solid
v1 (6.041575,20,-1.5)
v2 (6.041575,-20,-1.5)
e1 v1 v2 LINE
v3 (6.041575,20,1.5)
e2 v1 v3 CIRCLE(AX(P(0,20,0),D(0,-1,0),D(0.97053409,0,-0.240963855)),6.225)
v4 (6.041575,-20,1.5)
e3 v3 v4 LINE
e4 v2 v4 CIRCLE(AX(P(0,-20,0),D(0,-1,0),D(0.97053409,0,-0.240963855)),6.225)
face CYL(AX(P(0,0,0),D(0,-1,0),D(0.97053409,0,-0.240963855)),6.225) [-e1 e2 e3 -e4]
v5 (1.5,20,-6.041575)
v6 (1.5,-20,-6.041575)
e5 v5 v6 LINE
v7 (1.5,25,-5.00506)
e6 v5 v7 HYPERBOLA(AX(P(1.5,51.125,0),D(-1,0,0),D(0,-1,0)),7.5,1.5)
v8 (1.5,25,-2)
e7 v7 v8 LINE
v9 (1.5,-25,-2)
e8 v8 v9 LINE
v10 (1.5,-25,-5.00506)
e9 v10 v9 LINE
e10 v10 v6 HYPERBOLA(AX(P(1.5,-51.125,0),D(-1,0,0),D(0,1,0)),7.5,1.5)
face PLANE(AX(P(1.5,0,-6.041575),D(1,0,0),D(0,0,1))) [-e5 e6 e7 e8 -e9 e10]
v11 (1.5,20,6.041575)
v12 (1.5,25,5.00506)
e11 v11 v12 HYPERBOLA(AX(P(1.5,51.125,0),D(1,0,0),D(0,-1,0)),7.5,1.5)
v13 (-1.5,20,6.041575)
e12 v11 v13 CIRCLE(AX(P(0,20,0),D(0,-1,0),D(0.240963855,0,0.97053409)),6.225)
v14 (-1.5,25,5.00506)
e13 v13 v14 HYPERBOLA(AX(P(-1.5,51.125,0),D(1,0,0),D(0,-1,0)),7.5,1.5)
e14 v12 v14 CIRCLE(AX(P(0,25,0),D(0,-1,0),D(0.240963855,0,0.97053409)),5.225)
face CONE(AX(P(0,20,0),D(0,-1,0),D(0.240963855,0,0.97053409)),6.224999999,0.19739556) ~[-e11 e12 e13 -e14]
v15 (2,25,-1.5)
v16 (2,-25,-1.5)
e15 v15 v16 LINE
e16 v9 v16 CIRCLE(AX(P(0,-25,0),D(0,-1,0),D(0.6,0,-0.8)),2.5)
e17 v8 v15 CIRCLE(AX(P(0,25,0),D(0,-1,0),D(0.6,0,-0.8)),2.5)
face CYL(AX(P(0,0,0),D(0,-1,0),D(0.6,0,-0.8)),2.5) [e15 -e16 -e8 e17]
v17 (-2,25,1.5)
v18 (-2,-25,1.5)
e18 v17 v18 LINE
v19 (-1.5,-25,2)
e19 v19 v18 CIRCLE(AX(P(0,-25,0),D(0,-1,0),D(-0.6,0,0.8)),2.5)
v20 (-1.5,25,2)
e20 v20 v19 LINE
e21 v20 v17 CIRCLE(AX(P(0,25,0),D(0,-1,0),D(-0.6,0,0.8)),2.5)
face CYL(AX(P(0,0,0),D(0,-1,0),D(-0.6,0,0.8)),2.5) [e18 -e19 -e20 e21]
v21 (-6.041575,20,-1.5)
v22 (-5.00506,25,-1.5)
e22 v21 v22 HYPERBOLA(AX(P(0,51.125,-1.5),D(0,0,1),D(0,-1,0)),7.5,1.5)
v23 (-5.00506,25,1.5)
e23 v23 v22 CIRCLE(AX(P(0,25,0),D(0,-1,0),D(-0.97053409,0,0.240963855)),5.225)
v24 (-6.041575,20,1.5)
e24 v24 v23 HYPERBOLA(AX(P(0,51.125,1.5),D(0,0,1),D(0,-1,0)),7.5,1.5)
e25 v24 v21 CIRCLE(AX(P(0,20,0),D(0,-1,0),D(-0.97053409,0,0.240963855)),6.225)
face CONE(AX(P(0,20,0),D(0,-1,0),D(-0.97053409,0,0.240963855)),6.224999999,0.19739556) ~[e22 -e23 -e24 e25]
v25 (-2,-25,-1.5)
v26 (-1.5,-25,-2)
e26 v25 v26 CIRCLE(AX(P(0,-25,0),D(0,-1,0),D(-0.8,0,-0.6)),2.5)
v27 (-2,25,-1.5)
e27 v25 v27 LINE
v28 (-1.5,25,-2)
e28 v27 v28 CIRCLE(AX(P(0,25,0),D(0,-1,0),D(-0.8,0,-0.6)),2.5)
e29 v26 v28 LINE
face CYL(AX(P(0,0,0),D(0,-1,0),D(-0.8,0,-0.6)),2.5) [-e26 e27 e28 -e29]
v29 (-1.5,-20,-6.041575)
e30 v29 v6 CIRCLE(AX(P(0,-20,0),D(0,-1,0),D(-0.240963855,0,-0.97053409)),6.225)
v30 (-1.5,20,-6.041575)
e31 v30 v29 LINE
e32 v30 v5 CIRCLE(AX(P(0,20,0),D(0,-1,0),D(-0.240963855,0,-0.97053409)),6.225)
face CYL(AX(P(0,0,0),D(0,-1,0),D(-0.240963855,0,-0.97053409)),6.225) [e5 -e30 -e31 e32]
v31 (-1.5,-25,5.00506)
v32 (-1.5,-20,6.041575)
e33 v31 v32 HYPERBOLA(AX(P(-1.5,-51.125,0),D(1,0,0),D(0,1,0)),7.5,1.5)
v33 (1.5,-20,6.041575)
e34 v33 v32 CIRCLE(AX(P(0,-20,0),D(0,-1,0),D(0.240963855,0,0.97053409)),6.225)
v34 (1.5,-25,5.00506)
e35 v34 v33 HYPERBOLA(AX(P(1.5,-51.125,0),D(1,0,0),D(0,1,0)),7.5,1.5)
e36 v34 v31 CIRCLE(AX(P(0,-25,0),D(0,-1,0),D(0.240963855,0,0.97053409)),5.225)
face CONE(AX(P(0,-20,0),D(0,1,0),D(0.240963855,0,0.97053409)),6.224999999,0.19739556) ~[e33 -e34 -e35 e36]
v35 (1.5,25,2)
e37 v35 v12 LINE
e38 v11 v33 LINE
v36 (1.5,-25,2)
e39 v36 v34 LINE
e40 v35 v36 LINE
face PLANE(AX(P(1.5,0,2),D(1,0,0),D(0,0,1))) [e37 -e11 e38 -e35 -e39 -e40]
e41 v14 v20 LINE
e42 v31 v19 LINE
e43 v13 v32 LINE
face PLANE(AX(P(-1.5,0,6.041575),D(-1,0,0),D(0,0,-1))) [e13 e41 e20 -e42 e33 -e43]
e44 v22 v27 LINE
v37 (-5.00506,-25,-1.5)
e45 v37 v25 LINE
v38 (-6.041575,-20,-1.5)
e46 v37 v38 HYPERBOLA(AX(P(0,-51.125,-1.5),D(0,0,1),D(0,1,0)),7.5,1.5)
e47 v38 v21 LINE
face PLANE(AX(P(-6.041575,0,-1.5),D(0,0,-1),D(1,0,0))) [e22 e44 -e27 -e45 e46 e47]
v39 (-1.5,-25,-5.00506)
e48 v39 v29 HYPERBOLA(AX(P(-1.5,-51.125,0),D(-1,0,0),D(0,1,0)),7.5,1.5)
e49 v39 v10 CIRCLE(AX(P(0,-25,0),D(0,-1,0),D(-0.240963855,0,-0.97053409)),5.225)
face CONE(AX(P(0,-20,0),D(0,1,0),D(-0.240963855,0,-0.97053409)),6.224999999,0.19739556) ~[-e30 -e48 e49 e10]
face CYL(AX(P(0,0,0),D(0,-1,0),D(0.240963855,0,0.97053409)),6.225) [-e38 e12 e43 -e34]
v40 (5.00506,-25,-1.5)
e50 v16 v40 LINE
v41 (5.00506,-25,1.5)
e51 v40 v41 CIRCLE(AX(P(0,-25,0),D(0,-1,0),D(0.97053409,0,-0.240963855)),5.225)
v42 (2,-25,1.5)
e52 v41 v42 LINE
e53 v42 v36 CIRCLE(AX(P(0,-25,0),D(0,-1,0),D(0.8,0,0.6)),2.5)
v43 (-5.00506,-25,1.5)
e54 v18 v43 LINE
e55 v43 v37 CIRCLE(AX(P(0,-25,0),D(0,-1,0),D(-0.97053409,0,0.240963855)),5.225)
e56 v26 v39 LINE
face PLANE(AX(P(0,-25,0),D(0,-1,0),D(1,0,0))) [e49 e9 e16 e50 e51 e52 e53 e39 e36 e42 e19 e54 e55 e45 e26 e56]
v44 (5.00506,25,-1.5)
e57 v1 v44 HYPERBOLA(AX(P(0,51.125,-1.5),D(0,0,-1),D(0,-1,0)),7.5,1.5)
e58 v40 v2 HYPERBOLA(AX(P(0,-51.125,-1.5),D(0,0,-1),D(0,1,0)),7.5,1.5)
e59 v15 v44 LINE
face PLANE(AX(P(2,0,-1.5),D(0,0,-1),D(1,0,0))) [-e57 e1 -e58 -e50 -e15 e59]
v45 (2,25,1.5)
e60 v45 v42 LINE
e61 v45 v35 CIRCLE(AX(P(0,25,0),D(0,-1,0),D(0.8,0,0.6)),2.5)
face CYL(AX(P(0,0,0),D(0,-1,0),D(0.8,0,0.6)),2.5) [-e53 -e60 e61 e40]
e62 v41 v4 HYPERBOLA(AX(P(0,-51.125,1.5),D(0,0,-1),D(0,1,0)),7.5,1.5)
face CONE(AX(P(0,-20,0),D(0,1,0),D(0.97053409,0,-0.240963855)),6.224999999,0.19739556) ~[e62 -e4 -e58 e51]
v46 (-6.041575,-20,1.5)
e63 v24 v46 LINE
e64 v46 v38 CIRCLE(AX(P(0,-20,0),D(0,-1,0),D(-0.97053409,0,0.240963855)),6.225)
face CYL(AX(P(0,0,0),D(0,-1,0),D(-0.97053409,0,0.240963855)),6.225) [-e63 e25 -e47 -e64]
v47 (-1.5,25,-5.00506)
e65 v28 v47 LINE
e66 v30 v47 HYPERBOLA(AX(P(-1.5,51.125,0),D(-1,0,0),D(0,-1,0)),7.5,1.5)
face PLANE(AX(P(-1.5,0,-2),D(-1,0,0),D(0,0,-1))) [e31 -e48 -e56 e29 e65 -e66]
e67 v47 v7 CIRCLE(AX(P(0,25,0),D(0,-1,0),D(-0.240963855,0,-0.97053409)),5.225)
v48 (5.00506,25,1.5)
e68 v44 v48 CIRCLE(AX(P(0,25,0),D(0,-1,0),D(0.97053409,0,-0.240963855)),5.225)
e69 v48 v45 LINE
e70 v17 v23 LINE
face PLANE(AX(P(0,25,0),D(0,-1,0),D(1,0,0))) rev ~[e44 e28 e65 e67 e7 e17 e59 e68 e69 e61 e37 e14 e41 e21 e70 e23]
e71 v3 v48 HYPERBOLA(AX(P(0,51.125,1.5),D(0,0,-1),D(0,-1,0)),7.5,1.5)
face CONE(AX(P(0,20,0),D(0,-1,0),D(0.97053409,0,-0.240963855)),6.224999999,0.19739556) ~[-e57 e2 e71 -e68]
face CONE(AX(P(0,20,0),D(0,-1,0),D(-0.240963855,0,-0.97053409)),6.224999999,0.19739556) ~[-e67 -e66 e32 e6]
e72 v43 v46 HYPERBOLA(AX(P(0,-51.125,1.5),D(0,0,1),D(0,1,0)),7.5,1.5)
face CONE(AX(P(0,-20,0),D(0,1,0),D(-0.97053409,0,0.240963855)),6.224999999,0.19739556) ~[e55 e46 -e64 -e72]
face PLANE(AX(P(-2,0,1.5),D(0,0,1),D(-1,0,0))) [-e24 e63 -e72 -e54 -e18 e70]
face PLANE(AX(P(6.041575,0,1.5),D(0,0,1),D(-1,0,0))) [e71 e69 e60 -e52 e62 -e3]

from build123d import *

# Parameters (mm, degrees)
F1_DEPTH      = 25
F1_DEPTH_BACK = 25
F2_SIZE2      = 5
F2_SIZE       = 1
F3_SIZE2      = 1
F3_SIZE       = 5
F3_2_SIZE2    = 1
F3_2_SIZE     = 5
F3_3_SIZE2    = 1
F3_3_SIZE     = 5
F3_4_SIZE2    = 1
F3_4_SIZE     = 5


with BuildPart() as f1:
    # F0 (on Front) → F1 (new body, two sides)
    with BuildSketch(Plane.XZ) as f1_sk:
        with BuildLine():
            Line((-1.5, -2), (-1.5, -6.0415747119))
            ThreePointArc((-1.5, -6.0415747119), (0, -6.225), (1.5, -6.0415747119))
            Line((1.5, -6.0415747119), (1.5, -2))
            ThreePointArc((1.5, -2), (1.767766953, -1.767766953), (2, -1.5))
            Line((2, -1.5), (6.0415747119, -1.5))
            ThreePointArc((6.0415747119, -1.5), (6.225, 0), (6.0415747119, 1.5))
            Line((6.0415747119, 1.5), (2, 1.5))
            ThreePointArc((2, 1.5), (1.767766953, 1.767766953), (1.5, 2))
            Line((1.5, 2), (1.5, 6.0415747119))
            ThreePointArc((1.5, 6.0415747119), (0, 6.225), (-1.5, 6.0415747119))
            Line((-1.5, 6.0415747119), (-1.5, 2))
            ThreePointArc((-1.5, 2), (-1.767766953, 1.767766953), (-2, 1.5))
            Line((-2, 1.5), (-6.0415747119, 1.5))
            ThreePointArc((-6.0415747119, 1.5), (-6.225, 0), (-6.0415747119, -1.5))
            Line((-6.0415747119, -1.5), (-2, -1.5))
            ThreePointArc((-2, -1.5), (-1.767766953, -1.767766953), (-1.5, -2))
        make_face()
    extrude(amount=F1_DEPTH)
    extrude(f1_sk.sketch, amount=-F1_DEPTH_BACK)

    # F2
    f2_edges = [f1.edges().sort_by_distance(p)[0] for p in [
        (0, -25, 6.225),
        (6.225, -25, 0),
        (0, -25, -6.225),
        (-6.225, -25, 0),
    ]]
    f2_side = f1.faces().sort_by_distance((0, -25, 0))[0]
    chamfer(f2_edges, length=F2_SIZE, length2=F2_SIZE2, reference=f2_side)

    # F3
    f3_edges = [f1.edges().sort_by_distance(p)[0] for p in [
        (0, 25, 6.225),
    ]]
    f3_side = f1.faces().sort_by_distance((0, 2.5, 6.225))[0]
    chamfer(f3_edges, length=F3_SIZE, length2=F3_SIZE2, reference=f3_side)

    # F3#2
    f3_2_edges = [f1.edges().sort_by_distance(p)[0] for p in [
        (6.225, 25, 0),
    ]]
    f3_2_side = f1.faces().sort_by_distance((6.225, 2.5, 0))[0]
    chamfer(f3_2_edges, length=F3_2_SIZE, length2=F3_2_SIZE2, reference=f3_2_side)

    # F3#3
    f3_3_edges = [f1.edges().sort_by_distance(p)[0] for p in [
        (-6.225, 25, 0),
    ]]
    f3_3_side = f1.faces().sort_by_distance((-6.225, 2.5, 0))[0]
    chamfer(f3_3_edges, length=F3_3_SIZE, length2=F3_3_SIZE2, reference=f3_3_side)

    # F3#4
    f3_4_edges = [f1.edges().sort_by_distance(p)[0] for p in [
        (0, 25, -6.225),
    ]]
    f3_4_side = f1.faces().sort_by_distance((0, 2.5, -6.225))[0]
    chamfer(f3_4_edges, length=F3_4_SIZE, length2=F3_4_SIZE2, reference=f3_4_side)


solid = f1.part
